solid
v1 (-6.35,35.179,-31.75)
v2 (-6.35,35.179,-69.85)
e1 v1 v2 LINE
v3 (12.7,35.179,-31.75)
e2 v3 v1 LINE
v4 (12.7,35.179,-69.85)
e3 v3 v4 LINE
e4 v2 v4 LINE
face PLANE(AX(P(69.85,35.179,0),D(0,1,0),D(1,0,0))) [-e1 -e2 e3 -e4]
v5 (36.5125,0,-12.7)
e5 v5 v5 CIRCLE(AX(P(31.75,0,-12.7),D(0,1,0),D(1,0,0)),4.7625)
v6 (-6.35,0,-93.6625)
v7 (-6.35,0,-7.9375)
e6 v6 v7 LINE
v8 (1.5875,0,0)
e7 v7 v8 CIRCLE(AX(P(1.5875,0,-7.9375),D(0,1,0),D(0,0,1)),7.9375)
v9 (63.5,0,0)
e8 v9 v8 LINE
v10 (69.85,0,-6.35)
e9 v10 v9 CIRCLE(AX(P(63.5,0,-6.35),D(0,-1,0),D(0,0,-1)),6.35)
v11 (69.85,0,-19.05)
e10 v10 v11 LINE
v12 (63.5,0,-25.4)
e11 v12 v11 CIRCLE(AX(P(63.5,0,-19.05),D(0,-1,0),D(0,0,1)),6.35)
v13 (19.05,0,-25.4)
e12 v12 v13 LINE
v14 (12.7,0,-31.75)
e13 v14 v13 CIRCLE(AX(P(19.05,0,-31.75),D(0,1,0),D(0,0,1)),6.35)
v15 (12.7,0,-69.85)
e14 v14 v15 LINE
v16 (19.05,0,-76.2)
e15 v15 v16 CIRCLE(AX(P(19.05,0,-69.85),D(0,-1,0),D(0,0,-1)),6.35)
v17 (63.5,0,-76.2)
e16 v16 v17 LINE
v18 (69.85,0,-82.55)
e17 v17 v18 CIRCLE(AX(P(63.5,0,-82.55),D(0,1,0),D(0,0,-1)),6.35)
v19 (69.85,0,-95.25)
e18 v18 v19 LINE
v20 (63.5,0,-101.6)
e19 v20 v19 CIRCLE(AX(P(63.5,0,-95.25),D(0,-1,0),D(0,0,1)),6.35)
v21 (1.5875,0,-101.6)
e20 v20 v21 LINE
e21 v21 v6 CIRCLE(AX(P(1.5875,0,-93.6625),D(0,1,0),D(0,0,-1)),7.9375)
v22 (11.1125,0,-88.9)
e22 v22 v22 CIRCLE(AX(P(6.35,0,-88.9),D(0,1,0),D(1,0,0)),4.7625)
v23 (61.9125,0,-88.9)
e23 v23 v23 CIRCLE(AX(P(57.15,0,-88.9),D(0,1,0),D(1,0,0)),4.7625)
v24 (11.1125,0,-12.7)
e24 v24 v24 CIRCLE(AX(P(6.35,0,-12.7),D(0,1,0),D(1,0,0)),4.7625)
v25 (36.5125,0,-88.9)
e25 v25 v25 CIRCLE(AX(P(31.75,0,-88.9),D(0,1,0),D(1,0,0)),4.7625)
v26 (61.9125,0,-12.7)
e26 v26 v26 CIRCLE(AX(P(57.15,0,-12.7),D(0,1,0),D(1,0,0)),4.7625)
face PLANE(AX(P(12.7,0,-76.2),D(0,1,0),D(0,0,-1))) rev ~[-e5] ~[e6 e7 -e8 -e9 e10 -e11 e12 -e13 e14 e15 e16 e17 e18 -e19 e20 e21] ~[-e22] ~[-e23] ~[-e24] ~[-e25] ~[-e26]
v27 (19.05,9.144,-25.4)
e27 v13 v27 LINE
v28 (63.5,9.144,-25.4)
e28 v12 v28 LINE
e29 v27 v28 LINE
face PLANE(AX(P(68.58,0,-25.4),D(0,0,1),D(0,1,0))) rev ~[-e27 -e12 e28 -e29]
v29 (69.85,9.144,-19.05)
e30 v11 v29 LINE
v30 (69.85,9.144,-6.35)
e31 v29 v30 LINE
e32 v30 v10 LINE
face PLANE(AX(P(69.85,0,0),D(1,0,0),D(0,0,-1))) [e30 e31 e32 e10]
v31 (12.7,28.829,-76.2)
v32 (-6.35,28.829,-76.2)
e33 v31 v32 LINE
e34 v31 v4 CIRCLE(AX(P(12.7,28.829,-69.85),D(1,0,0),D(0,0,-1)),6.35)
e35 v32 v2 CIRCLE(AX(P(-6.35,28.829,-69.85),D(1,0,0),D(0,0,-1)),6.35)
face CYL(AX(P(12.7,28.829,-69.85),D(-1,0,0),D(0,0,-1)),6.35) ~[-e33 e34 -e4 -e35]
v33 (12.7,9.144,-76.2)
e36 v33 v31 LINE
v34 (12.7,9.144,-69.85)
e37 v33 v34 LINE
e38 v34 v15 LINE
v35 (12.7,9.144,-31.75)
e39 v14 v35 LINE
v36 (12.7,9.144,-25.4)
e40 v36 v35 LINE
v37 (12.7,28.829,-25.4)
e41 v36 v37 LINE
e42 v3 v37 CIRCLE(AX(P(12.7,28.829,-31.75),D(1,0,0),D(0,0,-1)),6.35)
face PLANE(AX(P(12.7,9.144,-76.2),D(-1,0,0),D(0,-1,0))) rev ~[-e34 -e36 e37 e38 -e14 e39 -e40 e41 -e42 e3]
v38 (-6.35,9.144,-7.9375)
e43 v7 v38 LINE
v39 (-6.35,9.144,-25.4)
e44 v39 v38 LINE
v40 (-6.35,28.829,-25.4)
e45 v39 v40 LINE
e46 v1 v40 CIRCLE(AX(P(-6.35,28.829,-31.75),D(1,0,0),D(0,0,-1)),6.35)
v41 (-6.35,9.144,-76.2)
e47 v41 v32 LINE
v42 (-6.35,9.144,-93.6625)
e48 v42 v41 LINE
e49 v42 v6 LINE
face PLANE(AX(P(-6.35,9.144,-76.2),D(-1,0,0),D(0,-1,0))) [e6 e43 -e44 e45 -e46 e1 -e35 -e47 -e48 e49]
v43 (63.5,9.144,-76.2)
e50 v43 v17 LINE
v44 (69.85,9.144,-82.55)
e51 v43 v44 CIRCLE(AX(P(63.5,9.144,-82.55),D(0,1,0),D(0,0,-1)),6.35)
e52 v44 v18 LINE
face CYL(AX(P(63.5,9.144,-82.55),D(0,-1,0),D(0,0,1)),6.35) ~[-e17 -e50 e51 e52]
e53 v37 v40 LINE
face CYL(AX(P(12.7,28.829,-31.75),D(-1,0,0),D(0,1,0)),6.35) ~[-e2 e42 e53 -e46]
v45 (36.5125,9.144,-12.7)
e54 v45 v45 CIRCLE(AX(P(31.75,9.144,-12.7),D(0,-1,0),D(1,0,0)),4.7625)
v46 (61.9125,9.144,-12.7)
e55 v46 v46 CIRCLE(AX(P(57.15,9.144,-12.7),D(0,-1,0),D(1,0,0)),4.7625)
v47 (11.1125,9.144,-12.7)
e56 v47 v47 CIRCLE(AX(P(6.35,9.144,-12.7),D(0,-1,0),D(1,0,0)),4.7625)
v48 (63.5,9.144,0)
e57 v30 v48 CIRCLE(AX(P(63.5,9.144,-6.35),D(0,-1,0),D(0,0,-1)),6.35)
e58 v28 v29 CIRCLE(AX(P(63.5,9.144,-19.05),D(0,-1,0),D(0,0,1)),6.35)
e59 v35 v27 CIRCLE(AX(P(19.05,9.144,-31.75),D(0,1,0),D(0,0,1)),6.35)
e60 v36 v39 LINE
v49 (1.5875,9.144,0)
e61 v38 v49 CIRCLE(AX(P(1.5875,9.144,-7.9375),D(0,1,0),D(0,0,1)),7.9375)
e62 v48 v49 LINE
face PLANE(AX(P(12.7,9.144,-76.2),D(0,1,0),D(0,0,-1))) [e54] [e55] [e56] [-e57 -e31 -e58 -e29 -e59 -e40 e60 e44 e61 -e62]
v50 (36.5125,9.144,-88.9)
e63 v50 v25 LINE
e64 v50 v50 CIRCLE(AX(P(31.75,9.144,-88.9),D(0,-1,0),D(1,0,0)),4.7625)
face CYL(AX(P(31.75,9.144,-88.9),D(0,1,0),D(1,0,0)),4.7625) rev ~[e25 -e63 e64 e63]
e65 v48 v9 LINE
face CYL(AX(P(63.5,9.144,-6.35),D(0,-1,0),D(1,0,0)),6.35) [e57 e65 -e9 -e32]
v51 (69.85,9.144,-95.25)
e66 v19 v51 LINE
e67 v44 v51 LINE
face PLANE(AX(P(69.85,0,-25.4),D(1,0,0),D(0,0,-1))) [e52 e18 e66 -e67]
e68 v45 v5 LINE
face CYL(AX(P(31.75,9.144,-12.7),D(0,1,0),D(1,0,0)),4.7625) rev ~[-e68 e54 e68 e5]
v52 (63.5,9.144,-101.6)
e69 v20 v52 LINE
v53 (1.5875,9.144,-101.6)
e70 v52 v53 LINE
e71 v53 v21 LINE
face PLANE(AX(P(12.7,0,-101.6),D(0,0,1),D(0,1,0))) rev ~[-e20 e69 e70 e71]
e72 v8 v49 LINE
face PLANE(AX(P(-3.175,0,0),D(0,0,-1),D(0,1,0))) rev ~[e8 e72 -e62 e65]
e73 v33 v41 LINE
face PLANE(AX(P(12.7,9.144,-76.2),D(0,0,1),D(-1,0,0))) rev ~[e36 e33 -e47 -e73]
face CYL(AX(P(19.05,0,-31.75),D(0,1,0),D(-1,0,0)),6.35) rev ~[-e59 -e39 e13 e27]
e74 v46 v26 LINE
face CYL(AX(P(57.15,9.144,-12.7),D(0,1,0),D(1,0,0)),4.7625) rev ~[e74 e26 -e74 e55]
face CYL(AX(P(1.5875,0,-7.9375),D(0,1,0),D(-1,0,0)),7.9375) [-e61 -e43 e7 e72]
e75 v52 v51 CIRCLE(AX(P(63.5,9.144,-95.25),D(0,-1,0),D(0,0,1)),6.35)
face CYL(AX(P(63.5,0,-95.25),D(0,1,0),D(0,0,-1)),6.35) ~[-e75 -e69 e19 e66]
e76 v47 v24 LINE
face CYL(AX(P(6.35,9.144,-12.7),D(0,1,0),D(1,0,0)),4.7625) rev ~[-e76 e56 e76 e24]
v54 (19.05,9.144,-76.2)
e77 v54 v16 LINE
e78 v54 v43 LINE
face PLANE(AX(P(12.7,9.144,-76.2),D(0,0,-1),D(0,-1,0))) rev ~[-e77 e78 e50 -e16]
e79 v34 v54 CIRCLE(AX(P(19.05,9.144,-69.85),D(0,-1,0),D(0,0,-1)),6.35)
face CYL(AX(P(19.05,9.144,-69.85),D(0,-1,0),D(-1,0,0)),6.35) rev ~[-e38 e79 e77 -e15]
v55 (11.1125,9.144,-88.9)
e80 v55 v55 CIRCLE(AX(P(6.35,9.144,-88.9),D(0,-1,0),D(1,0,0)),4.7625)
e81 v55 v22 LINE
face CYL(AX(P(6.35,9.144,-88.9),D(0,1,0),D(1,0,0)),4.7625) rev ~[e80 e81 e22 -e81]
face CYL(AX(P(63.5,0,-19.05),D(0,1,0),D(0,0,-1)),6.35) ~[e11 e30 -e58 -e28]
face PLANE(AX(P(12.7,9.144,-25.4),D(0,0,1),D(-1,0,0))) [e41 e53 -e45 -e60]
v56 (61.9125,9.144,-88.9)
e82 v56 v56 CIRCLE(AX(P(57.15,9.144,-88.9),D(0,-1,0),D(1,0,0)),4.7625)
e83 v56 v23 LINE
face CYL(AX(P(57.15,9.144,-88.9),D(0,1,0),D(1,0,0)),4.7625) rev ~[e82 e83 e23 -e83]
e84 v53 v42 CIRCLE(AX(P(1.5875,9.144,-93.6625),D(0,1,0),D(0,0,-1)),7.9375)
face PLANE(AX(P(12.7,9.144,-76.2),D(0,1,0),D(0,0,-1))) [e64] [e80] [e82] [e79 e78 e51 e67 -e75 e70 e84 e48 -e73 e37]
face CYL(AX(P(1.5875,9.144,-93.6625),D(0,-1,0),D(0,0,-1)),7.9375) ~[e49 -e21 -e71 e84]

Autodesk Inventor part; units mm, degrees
ref_plane "YZ Plane" through (0, 0, 0) normal (1, 0, 0) x (0, 1, 0)
ref_plane "XZ Plane" through (0, 0, 0) normal (0, 1, 0) x (-1, 0, 0)
ref_plane "XY Plane" through (0, 0, 0) normal (0, 0, 1) x (1, 0, 0)
sketch "Sketch1" plane through (0, 0, 0) normal (1, 0, 0) x (0, 1, 0)
  line L0 (0, 0) -> (9.144, 0)
  line L1 (9.144, 0) -> (9.144, -25.4)
  line L2 (9.144, -25.4) -> (0, -25.4)
  line L3 (0, -25.4) -> (0, 0)
  dimension "d0" = 25.4
  dimension "d1" = 9.144
extrude "Extrusion1" add sketch "Sketch1" along normal blind 63.5
sketch "Sketch2" plane through (0, 9.144, 0) normal (0, 1, 0) x (1, 0, 0)
  line L0 (0, 25.4) -> (0, 0) projected
  line L1 (0, 12.7) -> (6.35, 12.7)
  line L2 (6.35, 12.7) -> (31.75, 12.7)
  line L3 (31.75, 12.7) -> (57.15, 12.7)
  circle A0 centre (6.35, 12.7) radius 4.7625
  circle A1 centre (31.75, 12.7) radius 4.7625
  circle A2 centre (57.15, 12.7) radius 4.7625
  dimension "d4" = 6.35
  dimension "d5" = 25.4
  dimension "d6" = 25.4
  dimension "d7" = 9.525
  dimension "d8" = 9.525
  dimension "d9" = 9.525
sketch "Sketch3" plane through (0, 0, 0) normal (-1, 0, 0) x (0, 0, 1)
  line L0 (-25.4, 0) -> (-25.4, 9.144) projected
  line L1 (0, 0) -> (-25.4, 0)
  line L2 (-25.4, 0) -> (-25.4, 9.144)
  line L3 (-25.4, 9.144) -> (0, 9.144)
  line L4 (0, 9.144) -> (0, 0)
extrude "Extrusion2" add sketch "Sketch3" along normal blind 3.175
extrude "Extrusion3" cut sketch "Sketch2" against normal blind 25.4
sketch "Sketch4" plane through (63.5, 0, 0) normal (1, 0, 0) x (0, 0, -1)
  line L0 (25.4, 0) -> (25.4, 9.144) projected
  line L1 (25.4, 9.144) -> (0, 9.144) projected
  line L2 (0, 9.144) -> (0, 0) projected
  line L3 (0, 0) -> (25.4, 0) projected
extrude "Extrusion4" add sketch "Sketch4" along normal blind 5.08
sketch "Sketch5" plane through (68.58, 0, 0) normal (1, 0, 0) x (0, 0, -1)
  line L0 (25.4, 9.144) -> (0, 9.144) projected
  line L1 (0, 9.144) -> (0, 0) projected
  line L2 (0, 0) -> (25.4, 0) projected
  line L3 (25.4, 0) -> (25.4, 9.144) projected
extrude "Extrusion5" add sketch "Sketch5" along normal blind 1.27
sketch "Sketch8" plane through (-3.175, 0, -25.4) normal (0, 0, -1) x (-1, 0, 0)
  line L0 (-73.025, 0) -> (0, 0) projected
  line L1 (0, 9.144) -> (-73.025, 9.144) projected
  line L2 (0, 0) -> (-15.875, 0)
  line L3 (-15.875, 0) -> (-15.875, 9.144)
  line L4 (-15.875, 9.144) -> (0, 9.144)
  line L5 (0, 9.144) -> (0, 0)
  line L6 (0, 9.144) -> (0, 0) projected
  point P0 (-3.175, 0)
  point P1 (0, 4.572)
  dimension "d24" = 15.875
extrude "Extrusion8" add sketch "Sketch8" along normal blind 50.8
sketch "Sketch9" plane through (-3.175, 0, 0) normal (-1, 0, 0) x (0, 0, 1)
  line L0 (0, 0) -> (0, 9.144) projected
  line L1 (0, 9.144) -> (-76.2, 9.144) projected
  line L2 (-76.2, 0) -> (-76.2, 9.144) projected
  line L3 (0, 0) -> (-76.2, 0) projected
extrude "Extrusion9" add sketch "Sketch9" along normal blind 3.175
sketch "Sketch10" plane through (69.85, 9.144, 0) normal (0, 1, 0) x (1, 0, 0)
  line L0 (-57.15, 25.4) -> (-57.15, 76.2) projected
  line L1 (-57.15, 76.2) -> (-66.675, 76.2)
  line L2 (-57.15, 76.2) -> (-76.2, 76.2) projected
  line L3 (-71.4375, 41.2761) -> (-61.9125, 41.2761)
  line L4 (-71.4375, 60.3261) -> (-61.9125, 60.3261)
  circle A0 centre (-66.675, 41.2761) radius 4.7625
  circle A1 centre (-66.675, 60.3261) radius 4.7625
  line L5 (-71.4375, 41.2761) -> (-71.4375, 60.3261)
  line L6 (-61.9125, 60.3261) -> (-61.9125, 41.2761)
  point P0 (-69.85, 0)
  dimension "d55" = 9.525
  dimension "d29" = 9.525
  dimension "d56" = 9.525
extrude "Extrusion10" add sketch "Sketch10" along normal blind 35.179
sketch "Sketch11" plane through (-3.175, 0, -76.2) normal (0, 0, -1) x (-1, 0, 0)
  line L0 (-15.875, 9.144) -> (3.175, 9.144) projected
  line L1 (-15.875, 9.144) -> (-15.875, 0) projected
  line L2 (-15.875, 0) -> (3.175, 0) projected
  line L3 (3.175, 9.144) -> (3.175, 0) projected
  point P0 (-3.175, 0)
extrude "Extrusion11" add sketch "Sketch11" along normal blind 25.4
sketch "Sketch13" plane through (12.7, 0, -25.4) normal (1, 0, 0) x (0, 0, -1)
  line L0 (0, 9.144) -> (76.2, 9.144) projected
  line L1 (-25.4, 0) -> (76.2, 0) projected
  line L2 (76.2, 9.144) -> (50.8, 9.144)
  line L3 (50.8, 9.144) -> (50.8, 0)
  line L4 (50.8, 0) -> (76.2, 0)
  line L5 (76.2, 0) -> (76.2, 9.144)
  dimension "d38" = 25.4
extrude "Extrusion12" add sketch "Sketch13" along normal blind 57.15
sketch "Sketch14" plane through (69.85, 9.144, 0) normal (0, 1, 0) x (1, 0, 0)
  circle A0 centre (-12.7, 12.7) radius 4.7625 projected
  line L0 (-12.7, 12.7) -> (-12.7, 88.9)
  circle A1 centre (-38.1, 12.7) radius 4.7625 projected
  line L1 (-38.1, 12.7) -> (-38.1, 88.9)
  circle A2 centre (-12.7, 88.9) radius 4.7625
  circle A3 centre (-38.1, 88.9) radius 4.7625
  circle A4 centre (-63.5, 12.7) radius 4.7625 projected
  line L2 (-63.5, 12.7) -> (-63.5, 88.9)
  circle A5 centre (-63.5, 88.9) radius 4.7625
  point P0 (-69.85, 0)
  dimension "d42" = 76.2
  dimension "d43" = 76.2
  dimension "d44" = 9.525
  dimension "d45" = 9.525
  dimension "d46" = 9.525
extrude "Extrusion13" cut sketch "Sketch14" against normal blind 20.6375 contours A2 | A3 | A5
fillet "Fillet2" radius 7.9375 2 edges at (-6.35, 4.572, -101.6) (-6.35, 4.572, 0)
sketch "Sketch15" plane through (69.85, 9.144, 0) normal (0, 1, 0) x (1, 0, 0)
  line L0 (0, 25.4) -> (-57.15, 25.4) projected
  line L1 (-57.15, 25.4) -> (-76.2, 25.4)
  line L2 (-76.2, 7.9375) -> (-76.2, 93.6625) projected
  line L3 (-57.15, 25.4) -> (-57.15, 76.2) projected
  line L4 (-57.15, 76.2) -> (-76.2, 76.2)
  line L5 (-71.4375, 31.7511) -> (-71.4375, 69.8511) projected
  line L6 (-61.9125, 69.8511) -> (-61.9125, 31.7511) projected
  arc A0 (-71.4375, 31.7511) -> (-61.9125, 31.7511) centre (-66.675, 31.7511) ccw projected
  arc A1 (-61.9125, 69.8511) -> (-71.4375, 69.8511) centre (-66.675, 69.8511) ccw projected
  arc A2 (-71.4375, 41.2761) -> (-61.9125, 41.2761) centre (-66.675, 41.2761) ccw projected
  arc A3 (-61.9125, 60.3261) -> (-71.4375, 60.3261) centre (-66.675, 60.3261) ccw projected
  point P0 (-69.85, 0)
extrude "Extrusion14" add sketch "Sketch15" along normal blind 26.035 contours L1 L2 L4 L3 | L5 A2 L6 A0 | L5 A1 L6 A3
fillet "Fillet3" radius 6.35 2 edges at (3.175, 35.179, -76.2) (3.175, 35.179, -25.4)
sketch "Sketch16" plane through (-1.5875, 44.323, -60.3261) normal (-1, 0, 0) x (0, 0, 1)
  arc A0 (-9.5239, -9.144) -> (-15.8739, -15.494) centre (-9.5239, -15.494) ccw projected
  line L0 (-9.5239, -9.144) -> (49.3517, -9.144)
  line L1 (49.3517, -9.144) -> (49.3517, 6.1013)
  line L2 (49.3517, 6.1013) -> (-9.5239, 6.1013)
  line L3 (-9.5239, 6.1013) -> (-9.5239, -9.144)
  point P0 (60.3261, -44.323)
extrude "Extrusion15" cut sketch "Sketch16" against normal blind 21.971
fillet "Fillet5" radius 6.35 6 edges at (12.7, 4.572, -76.2) (12.7, 4.572, -25.4) (69.85, 4.572, -76.2) (69.85, 4.572, -101.6) (69.85, 4.572, -25.4) (69.85, 4.572, 0)
properties part number "CH-1-03-RearGearboxSpacer_01"
